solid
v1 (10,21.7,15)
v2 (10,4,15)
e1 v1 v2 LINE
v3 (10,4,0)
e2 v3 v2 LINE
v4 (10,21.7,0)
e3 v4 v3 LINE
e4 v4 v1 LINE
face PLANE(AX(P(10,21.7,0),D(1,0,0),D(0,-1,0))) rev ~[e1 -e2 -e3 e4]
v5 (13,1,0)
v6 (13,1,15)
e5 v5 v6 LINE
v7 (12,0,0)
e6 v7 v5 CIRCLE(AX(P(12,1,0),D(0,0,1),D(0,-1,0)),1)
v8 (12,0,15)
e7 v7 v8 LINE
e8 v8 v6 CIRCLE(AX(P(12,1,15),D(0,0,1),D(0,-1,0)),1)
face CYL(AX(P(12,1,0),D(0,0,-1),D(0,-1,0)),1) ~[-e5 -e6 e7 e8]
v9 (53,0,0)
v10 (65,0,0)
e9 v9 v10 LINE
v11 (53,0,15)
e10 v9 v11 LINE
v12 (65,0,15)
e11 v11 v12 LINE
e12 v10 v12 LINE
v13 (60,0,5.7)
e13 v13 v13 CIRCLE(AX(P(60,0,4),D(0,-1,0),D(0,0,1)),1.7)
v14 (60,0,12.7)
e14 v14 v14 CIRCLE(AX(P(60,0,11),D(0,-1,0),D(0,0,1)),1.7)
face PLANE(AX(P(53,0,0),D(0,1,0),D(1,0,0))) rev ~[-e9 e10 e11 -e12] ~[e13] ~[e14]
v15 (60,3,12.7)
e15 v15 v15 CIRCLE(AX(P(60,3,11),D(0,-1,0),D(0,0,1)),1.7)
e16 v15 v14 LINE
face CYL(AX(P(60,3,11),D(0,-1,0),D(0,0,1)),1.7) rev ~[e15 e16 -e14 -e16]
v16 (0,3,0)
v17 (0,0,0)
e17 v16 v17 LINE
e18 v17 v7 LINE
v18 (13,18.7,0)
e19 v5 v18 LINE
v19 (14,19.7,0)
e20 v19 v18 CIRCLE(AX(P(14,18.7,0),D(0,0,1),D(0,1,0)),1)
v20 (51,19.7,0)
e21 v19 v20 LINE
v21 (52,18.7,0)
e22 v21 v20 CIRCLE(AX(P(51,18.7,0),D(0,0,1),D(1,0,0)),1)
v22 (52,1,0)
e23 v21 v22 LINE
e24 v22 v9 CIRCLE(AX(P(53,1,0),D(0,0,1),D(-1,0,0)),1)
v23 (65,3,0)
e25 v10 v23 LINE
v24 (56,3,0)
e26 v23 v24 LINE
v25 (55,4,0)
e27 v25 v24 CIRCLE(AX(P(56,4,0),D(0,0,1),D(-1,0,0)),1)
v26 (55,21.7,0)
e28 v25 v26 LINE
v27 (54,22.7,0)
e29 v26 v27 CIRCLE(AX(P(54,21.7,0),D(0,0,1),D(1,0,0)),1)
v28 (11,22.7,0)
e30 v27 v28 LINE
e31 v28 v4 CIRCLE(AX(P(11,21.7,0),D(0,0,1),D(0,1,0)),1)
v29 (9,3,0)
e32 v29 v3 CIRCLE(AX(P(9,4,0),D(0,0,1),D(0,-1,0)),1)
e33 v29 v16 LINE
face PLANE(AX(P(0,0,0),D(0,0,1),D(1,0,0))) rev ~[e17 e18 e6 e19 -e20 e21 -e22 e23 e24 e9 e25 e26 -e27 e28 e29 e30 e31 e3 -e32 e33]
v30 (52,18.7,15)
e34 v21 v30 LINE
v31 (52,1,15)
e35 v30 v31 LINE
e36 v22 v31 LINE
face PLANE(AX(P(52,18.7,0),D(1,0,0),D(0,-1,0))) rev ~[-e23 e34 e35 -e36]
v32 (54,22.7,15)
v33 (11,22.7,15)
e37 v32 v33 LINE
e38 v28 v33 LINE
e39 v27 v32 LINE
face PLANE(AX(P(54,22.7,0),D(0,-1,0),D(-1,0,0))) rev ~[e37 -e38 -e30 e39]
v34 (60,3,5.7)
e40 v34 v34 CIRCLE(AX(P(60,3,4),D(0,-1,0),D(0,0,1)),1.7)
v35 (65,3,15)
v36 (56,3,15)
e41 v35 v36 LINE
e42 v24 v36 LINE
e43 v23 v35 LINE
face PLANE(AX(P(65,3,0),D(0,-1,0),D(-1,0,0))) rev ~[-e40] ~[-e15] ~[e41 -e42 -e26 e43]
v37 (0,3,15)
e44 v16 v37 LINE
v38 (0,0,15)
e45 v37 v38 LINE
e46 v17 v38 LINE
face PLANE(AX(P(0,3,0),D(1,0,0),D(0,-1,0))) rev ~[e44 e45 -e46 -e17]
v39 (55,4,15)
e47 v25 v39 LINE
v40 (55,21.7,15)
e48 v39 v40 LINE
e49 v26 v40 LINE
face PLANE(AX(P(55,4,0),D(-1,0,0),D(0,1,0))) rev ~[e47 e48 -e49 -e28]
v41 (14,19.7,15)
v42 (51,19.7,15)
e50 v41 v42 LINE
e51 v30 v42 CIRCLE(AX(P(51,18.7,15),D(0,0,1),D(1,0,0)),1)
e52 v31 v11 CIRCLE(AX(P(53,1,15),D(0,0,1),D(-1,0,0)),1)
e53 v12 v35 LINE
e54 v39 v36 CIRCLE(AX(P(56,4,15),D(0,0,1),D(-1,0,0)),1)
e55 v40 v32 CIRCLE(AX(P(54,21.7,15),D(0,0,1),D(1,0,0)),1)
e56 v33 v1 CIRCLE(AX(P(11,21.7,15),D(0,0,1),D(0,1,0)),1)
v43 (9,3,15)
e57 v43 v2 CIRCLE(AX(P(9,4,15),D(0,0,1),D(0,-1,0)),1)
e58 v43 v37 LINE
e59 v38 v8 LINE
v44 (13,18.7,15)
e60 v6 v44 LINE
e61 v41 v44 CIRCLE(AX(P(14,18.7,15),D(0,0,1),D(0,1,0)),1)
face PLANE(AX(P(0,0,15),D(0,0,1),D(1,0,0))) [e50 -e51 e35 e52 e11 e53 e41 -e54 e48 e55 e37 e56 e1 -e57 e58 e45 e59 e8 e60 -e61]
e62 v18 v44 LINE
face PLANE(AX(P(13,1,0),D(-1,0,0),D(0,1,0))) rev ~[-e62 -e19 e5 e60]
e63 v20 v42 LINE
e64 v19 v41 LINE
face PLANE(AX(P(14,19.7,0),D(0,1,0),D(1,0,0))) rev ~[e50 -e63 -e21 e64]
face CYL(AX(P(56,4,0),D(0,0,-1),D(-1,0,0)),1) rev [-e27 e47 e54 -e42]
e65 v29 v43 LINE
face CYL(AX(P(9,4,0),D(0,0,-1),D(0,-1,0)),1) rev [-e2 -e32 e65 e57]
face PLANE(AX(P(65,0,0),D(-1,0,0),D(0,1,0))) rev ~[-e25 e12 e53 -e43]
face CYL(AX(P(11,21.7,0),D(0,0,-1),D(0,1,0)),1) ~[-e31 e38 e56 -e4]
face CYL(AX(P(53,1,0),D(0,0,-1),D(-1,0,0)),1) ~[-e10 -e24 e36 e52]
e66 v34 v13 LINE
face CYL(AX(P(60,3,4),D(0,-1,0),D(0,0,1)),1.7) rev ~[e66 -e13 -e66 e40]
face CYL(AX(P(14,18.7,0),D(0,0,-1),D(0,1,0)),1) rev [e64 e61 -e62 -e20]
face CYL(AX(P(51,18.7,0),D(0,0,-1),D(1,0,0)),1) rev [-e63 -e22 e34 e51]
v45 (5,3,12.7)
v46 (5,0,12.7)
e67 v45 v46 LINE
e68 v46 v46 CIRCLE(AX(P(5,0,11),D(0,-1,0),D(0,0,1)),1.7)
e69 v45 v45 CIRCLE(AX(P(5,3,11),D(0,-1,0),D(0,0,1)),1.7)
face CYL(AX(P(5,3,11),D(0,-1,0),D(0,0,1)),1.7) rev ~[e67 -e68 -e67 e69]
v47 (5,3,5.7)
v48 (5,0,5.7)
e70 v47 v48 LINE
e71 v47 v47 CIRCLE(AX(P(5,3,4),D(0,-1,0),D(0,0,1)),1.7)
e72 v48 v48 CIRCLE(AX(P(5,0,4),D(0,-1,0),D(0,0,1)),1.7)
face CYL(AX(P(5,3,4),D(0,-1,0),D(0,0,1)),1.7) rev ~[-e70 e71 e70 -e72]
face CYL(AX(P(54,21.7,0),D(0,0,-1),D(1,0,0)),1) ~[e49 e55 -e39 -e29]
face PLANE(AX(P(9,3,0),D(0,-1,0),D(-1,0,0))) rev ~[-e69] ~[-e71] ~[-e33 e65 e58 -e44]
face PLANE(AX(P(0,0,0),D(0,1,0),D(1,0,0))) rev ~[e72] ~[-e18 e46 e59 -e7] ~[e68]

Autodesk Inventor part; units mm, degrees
ref_plane "YZ Plane" through (0, 0, 0) normal (1, 0, 0) x (0, 1, 0)
ref_plane "XZ Plane" through (0, 0, 0) normal (0, 1, 0) x (-1, 0, 0)
ref_plane "XY Plane" through (0, 0, 0) normal (0, 0, 1) x (1, 0, 0)
sketch "Sketch1" plane through (0, 0, 0) normal (0, 0, 1) x (1, 0, 0)
  line L0 (0, 0) -> (12, 0)
  line L1 (13, 1) -> (13, 18.7)
  line L2 (14, 19.7) -> (51, 19.7)
  line L3 (52, 18.7) -> (52, 1)
  line L4 (53, 0) -> (65, 0)
  line L5 (65, 0) -> (65, 3)
  line L6 (65, 3) -> (56, 3)
  line L7 (55, 4) -> (55, 21.7)
  line L8 (54, 22.7) -> (11, 22.7)
  line L9 (10, 21.7) -> (10, 4)
  line L10 (9, 3) -> (0, 3)
  line L11 (0, 3) -> (0, 0)
  arc A0 (11, 22.7) -> (10, 21.7) centre (11, 21.7) ccw
  arc A1 (14, 19.7) -> (13, 18.7) centre (14, 18.7) ccw
  arc A2 (9, 3) -> (10, 4) centre (9, 4) ccw
  arc A3 (12, 0) -> (13, 1) centre (12, 1) ccw
  arc A4 (55, 4) -> (56, 3) centre (56, 4) ccw
  arc A5 (55, 21.7) -> (54, 22.7) centre (54, 21.7) ccw
  arc A6 (52, 18.7) -> (51, 19.7) centre (51, 18.7) ccw
  arc A7 (52, 1) -> (53, 0) centre (53, 1) ccw
  point P0 (52, 0)
  dimension "d0" = 3
  dimension "d1" = 3
  dimension "d2" = 3
  dimension "d3" = 3
  dimension "d4" = 3
  dimension "d5" = 19.7
  dimension "d6" = 39
  dimension "d7" = 10
  dimension "d8" = 10
  dimension "d9" = 1
  dimension "d10" = 1
extrude "Extrusion1" add sketch "Sketch1" along normal blind 15
sketch "Sketch2" plane through (0, 3, 0) normal (0, 1, 0) x (1, 0, 0)
  line L0 (65, 0) -> (56, 0) projected
  line L1 (65, -15) -> (56, -15) projected
  line L2 (9, 0) -> (0, 0) projected
  line L3 (9, -15) -> (0, -15) projected
  line L4 (65, 0) -> (65, -15) projected
  line L5 (0, 0) -> (0, -15) projected
  point P0 (60, -4)
  point P1 (60, -11)
  point P2 (5, -11)
  point P3 (5, -4)
  dimension "d13" = 4
  dimension "d14" = 4
  dimension "d15" = 4
  dimension "d16" = 4
  dimension "d17" = 5
  dimension "d18" = 5
  dimension "d19" = 5
  dimension "d20" = 5
hole "Hole1" at (60, 3, 4) at (60, 3, 11) at (5, 3, 11) at (5, 3, 4) direction (0, -1, 0) diameter 3.4 end through all
properties part number "servoPlateConnection"
